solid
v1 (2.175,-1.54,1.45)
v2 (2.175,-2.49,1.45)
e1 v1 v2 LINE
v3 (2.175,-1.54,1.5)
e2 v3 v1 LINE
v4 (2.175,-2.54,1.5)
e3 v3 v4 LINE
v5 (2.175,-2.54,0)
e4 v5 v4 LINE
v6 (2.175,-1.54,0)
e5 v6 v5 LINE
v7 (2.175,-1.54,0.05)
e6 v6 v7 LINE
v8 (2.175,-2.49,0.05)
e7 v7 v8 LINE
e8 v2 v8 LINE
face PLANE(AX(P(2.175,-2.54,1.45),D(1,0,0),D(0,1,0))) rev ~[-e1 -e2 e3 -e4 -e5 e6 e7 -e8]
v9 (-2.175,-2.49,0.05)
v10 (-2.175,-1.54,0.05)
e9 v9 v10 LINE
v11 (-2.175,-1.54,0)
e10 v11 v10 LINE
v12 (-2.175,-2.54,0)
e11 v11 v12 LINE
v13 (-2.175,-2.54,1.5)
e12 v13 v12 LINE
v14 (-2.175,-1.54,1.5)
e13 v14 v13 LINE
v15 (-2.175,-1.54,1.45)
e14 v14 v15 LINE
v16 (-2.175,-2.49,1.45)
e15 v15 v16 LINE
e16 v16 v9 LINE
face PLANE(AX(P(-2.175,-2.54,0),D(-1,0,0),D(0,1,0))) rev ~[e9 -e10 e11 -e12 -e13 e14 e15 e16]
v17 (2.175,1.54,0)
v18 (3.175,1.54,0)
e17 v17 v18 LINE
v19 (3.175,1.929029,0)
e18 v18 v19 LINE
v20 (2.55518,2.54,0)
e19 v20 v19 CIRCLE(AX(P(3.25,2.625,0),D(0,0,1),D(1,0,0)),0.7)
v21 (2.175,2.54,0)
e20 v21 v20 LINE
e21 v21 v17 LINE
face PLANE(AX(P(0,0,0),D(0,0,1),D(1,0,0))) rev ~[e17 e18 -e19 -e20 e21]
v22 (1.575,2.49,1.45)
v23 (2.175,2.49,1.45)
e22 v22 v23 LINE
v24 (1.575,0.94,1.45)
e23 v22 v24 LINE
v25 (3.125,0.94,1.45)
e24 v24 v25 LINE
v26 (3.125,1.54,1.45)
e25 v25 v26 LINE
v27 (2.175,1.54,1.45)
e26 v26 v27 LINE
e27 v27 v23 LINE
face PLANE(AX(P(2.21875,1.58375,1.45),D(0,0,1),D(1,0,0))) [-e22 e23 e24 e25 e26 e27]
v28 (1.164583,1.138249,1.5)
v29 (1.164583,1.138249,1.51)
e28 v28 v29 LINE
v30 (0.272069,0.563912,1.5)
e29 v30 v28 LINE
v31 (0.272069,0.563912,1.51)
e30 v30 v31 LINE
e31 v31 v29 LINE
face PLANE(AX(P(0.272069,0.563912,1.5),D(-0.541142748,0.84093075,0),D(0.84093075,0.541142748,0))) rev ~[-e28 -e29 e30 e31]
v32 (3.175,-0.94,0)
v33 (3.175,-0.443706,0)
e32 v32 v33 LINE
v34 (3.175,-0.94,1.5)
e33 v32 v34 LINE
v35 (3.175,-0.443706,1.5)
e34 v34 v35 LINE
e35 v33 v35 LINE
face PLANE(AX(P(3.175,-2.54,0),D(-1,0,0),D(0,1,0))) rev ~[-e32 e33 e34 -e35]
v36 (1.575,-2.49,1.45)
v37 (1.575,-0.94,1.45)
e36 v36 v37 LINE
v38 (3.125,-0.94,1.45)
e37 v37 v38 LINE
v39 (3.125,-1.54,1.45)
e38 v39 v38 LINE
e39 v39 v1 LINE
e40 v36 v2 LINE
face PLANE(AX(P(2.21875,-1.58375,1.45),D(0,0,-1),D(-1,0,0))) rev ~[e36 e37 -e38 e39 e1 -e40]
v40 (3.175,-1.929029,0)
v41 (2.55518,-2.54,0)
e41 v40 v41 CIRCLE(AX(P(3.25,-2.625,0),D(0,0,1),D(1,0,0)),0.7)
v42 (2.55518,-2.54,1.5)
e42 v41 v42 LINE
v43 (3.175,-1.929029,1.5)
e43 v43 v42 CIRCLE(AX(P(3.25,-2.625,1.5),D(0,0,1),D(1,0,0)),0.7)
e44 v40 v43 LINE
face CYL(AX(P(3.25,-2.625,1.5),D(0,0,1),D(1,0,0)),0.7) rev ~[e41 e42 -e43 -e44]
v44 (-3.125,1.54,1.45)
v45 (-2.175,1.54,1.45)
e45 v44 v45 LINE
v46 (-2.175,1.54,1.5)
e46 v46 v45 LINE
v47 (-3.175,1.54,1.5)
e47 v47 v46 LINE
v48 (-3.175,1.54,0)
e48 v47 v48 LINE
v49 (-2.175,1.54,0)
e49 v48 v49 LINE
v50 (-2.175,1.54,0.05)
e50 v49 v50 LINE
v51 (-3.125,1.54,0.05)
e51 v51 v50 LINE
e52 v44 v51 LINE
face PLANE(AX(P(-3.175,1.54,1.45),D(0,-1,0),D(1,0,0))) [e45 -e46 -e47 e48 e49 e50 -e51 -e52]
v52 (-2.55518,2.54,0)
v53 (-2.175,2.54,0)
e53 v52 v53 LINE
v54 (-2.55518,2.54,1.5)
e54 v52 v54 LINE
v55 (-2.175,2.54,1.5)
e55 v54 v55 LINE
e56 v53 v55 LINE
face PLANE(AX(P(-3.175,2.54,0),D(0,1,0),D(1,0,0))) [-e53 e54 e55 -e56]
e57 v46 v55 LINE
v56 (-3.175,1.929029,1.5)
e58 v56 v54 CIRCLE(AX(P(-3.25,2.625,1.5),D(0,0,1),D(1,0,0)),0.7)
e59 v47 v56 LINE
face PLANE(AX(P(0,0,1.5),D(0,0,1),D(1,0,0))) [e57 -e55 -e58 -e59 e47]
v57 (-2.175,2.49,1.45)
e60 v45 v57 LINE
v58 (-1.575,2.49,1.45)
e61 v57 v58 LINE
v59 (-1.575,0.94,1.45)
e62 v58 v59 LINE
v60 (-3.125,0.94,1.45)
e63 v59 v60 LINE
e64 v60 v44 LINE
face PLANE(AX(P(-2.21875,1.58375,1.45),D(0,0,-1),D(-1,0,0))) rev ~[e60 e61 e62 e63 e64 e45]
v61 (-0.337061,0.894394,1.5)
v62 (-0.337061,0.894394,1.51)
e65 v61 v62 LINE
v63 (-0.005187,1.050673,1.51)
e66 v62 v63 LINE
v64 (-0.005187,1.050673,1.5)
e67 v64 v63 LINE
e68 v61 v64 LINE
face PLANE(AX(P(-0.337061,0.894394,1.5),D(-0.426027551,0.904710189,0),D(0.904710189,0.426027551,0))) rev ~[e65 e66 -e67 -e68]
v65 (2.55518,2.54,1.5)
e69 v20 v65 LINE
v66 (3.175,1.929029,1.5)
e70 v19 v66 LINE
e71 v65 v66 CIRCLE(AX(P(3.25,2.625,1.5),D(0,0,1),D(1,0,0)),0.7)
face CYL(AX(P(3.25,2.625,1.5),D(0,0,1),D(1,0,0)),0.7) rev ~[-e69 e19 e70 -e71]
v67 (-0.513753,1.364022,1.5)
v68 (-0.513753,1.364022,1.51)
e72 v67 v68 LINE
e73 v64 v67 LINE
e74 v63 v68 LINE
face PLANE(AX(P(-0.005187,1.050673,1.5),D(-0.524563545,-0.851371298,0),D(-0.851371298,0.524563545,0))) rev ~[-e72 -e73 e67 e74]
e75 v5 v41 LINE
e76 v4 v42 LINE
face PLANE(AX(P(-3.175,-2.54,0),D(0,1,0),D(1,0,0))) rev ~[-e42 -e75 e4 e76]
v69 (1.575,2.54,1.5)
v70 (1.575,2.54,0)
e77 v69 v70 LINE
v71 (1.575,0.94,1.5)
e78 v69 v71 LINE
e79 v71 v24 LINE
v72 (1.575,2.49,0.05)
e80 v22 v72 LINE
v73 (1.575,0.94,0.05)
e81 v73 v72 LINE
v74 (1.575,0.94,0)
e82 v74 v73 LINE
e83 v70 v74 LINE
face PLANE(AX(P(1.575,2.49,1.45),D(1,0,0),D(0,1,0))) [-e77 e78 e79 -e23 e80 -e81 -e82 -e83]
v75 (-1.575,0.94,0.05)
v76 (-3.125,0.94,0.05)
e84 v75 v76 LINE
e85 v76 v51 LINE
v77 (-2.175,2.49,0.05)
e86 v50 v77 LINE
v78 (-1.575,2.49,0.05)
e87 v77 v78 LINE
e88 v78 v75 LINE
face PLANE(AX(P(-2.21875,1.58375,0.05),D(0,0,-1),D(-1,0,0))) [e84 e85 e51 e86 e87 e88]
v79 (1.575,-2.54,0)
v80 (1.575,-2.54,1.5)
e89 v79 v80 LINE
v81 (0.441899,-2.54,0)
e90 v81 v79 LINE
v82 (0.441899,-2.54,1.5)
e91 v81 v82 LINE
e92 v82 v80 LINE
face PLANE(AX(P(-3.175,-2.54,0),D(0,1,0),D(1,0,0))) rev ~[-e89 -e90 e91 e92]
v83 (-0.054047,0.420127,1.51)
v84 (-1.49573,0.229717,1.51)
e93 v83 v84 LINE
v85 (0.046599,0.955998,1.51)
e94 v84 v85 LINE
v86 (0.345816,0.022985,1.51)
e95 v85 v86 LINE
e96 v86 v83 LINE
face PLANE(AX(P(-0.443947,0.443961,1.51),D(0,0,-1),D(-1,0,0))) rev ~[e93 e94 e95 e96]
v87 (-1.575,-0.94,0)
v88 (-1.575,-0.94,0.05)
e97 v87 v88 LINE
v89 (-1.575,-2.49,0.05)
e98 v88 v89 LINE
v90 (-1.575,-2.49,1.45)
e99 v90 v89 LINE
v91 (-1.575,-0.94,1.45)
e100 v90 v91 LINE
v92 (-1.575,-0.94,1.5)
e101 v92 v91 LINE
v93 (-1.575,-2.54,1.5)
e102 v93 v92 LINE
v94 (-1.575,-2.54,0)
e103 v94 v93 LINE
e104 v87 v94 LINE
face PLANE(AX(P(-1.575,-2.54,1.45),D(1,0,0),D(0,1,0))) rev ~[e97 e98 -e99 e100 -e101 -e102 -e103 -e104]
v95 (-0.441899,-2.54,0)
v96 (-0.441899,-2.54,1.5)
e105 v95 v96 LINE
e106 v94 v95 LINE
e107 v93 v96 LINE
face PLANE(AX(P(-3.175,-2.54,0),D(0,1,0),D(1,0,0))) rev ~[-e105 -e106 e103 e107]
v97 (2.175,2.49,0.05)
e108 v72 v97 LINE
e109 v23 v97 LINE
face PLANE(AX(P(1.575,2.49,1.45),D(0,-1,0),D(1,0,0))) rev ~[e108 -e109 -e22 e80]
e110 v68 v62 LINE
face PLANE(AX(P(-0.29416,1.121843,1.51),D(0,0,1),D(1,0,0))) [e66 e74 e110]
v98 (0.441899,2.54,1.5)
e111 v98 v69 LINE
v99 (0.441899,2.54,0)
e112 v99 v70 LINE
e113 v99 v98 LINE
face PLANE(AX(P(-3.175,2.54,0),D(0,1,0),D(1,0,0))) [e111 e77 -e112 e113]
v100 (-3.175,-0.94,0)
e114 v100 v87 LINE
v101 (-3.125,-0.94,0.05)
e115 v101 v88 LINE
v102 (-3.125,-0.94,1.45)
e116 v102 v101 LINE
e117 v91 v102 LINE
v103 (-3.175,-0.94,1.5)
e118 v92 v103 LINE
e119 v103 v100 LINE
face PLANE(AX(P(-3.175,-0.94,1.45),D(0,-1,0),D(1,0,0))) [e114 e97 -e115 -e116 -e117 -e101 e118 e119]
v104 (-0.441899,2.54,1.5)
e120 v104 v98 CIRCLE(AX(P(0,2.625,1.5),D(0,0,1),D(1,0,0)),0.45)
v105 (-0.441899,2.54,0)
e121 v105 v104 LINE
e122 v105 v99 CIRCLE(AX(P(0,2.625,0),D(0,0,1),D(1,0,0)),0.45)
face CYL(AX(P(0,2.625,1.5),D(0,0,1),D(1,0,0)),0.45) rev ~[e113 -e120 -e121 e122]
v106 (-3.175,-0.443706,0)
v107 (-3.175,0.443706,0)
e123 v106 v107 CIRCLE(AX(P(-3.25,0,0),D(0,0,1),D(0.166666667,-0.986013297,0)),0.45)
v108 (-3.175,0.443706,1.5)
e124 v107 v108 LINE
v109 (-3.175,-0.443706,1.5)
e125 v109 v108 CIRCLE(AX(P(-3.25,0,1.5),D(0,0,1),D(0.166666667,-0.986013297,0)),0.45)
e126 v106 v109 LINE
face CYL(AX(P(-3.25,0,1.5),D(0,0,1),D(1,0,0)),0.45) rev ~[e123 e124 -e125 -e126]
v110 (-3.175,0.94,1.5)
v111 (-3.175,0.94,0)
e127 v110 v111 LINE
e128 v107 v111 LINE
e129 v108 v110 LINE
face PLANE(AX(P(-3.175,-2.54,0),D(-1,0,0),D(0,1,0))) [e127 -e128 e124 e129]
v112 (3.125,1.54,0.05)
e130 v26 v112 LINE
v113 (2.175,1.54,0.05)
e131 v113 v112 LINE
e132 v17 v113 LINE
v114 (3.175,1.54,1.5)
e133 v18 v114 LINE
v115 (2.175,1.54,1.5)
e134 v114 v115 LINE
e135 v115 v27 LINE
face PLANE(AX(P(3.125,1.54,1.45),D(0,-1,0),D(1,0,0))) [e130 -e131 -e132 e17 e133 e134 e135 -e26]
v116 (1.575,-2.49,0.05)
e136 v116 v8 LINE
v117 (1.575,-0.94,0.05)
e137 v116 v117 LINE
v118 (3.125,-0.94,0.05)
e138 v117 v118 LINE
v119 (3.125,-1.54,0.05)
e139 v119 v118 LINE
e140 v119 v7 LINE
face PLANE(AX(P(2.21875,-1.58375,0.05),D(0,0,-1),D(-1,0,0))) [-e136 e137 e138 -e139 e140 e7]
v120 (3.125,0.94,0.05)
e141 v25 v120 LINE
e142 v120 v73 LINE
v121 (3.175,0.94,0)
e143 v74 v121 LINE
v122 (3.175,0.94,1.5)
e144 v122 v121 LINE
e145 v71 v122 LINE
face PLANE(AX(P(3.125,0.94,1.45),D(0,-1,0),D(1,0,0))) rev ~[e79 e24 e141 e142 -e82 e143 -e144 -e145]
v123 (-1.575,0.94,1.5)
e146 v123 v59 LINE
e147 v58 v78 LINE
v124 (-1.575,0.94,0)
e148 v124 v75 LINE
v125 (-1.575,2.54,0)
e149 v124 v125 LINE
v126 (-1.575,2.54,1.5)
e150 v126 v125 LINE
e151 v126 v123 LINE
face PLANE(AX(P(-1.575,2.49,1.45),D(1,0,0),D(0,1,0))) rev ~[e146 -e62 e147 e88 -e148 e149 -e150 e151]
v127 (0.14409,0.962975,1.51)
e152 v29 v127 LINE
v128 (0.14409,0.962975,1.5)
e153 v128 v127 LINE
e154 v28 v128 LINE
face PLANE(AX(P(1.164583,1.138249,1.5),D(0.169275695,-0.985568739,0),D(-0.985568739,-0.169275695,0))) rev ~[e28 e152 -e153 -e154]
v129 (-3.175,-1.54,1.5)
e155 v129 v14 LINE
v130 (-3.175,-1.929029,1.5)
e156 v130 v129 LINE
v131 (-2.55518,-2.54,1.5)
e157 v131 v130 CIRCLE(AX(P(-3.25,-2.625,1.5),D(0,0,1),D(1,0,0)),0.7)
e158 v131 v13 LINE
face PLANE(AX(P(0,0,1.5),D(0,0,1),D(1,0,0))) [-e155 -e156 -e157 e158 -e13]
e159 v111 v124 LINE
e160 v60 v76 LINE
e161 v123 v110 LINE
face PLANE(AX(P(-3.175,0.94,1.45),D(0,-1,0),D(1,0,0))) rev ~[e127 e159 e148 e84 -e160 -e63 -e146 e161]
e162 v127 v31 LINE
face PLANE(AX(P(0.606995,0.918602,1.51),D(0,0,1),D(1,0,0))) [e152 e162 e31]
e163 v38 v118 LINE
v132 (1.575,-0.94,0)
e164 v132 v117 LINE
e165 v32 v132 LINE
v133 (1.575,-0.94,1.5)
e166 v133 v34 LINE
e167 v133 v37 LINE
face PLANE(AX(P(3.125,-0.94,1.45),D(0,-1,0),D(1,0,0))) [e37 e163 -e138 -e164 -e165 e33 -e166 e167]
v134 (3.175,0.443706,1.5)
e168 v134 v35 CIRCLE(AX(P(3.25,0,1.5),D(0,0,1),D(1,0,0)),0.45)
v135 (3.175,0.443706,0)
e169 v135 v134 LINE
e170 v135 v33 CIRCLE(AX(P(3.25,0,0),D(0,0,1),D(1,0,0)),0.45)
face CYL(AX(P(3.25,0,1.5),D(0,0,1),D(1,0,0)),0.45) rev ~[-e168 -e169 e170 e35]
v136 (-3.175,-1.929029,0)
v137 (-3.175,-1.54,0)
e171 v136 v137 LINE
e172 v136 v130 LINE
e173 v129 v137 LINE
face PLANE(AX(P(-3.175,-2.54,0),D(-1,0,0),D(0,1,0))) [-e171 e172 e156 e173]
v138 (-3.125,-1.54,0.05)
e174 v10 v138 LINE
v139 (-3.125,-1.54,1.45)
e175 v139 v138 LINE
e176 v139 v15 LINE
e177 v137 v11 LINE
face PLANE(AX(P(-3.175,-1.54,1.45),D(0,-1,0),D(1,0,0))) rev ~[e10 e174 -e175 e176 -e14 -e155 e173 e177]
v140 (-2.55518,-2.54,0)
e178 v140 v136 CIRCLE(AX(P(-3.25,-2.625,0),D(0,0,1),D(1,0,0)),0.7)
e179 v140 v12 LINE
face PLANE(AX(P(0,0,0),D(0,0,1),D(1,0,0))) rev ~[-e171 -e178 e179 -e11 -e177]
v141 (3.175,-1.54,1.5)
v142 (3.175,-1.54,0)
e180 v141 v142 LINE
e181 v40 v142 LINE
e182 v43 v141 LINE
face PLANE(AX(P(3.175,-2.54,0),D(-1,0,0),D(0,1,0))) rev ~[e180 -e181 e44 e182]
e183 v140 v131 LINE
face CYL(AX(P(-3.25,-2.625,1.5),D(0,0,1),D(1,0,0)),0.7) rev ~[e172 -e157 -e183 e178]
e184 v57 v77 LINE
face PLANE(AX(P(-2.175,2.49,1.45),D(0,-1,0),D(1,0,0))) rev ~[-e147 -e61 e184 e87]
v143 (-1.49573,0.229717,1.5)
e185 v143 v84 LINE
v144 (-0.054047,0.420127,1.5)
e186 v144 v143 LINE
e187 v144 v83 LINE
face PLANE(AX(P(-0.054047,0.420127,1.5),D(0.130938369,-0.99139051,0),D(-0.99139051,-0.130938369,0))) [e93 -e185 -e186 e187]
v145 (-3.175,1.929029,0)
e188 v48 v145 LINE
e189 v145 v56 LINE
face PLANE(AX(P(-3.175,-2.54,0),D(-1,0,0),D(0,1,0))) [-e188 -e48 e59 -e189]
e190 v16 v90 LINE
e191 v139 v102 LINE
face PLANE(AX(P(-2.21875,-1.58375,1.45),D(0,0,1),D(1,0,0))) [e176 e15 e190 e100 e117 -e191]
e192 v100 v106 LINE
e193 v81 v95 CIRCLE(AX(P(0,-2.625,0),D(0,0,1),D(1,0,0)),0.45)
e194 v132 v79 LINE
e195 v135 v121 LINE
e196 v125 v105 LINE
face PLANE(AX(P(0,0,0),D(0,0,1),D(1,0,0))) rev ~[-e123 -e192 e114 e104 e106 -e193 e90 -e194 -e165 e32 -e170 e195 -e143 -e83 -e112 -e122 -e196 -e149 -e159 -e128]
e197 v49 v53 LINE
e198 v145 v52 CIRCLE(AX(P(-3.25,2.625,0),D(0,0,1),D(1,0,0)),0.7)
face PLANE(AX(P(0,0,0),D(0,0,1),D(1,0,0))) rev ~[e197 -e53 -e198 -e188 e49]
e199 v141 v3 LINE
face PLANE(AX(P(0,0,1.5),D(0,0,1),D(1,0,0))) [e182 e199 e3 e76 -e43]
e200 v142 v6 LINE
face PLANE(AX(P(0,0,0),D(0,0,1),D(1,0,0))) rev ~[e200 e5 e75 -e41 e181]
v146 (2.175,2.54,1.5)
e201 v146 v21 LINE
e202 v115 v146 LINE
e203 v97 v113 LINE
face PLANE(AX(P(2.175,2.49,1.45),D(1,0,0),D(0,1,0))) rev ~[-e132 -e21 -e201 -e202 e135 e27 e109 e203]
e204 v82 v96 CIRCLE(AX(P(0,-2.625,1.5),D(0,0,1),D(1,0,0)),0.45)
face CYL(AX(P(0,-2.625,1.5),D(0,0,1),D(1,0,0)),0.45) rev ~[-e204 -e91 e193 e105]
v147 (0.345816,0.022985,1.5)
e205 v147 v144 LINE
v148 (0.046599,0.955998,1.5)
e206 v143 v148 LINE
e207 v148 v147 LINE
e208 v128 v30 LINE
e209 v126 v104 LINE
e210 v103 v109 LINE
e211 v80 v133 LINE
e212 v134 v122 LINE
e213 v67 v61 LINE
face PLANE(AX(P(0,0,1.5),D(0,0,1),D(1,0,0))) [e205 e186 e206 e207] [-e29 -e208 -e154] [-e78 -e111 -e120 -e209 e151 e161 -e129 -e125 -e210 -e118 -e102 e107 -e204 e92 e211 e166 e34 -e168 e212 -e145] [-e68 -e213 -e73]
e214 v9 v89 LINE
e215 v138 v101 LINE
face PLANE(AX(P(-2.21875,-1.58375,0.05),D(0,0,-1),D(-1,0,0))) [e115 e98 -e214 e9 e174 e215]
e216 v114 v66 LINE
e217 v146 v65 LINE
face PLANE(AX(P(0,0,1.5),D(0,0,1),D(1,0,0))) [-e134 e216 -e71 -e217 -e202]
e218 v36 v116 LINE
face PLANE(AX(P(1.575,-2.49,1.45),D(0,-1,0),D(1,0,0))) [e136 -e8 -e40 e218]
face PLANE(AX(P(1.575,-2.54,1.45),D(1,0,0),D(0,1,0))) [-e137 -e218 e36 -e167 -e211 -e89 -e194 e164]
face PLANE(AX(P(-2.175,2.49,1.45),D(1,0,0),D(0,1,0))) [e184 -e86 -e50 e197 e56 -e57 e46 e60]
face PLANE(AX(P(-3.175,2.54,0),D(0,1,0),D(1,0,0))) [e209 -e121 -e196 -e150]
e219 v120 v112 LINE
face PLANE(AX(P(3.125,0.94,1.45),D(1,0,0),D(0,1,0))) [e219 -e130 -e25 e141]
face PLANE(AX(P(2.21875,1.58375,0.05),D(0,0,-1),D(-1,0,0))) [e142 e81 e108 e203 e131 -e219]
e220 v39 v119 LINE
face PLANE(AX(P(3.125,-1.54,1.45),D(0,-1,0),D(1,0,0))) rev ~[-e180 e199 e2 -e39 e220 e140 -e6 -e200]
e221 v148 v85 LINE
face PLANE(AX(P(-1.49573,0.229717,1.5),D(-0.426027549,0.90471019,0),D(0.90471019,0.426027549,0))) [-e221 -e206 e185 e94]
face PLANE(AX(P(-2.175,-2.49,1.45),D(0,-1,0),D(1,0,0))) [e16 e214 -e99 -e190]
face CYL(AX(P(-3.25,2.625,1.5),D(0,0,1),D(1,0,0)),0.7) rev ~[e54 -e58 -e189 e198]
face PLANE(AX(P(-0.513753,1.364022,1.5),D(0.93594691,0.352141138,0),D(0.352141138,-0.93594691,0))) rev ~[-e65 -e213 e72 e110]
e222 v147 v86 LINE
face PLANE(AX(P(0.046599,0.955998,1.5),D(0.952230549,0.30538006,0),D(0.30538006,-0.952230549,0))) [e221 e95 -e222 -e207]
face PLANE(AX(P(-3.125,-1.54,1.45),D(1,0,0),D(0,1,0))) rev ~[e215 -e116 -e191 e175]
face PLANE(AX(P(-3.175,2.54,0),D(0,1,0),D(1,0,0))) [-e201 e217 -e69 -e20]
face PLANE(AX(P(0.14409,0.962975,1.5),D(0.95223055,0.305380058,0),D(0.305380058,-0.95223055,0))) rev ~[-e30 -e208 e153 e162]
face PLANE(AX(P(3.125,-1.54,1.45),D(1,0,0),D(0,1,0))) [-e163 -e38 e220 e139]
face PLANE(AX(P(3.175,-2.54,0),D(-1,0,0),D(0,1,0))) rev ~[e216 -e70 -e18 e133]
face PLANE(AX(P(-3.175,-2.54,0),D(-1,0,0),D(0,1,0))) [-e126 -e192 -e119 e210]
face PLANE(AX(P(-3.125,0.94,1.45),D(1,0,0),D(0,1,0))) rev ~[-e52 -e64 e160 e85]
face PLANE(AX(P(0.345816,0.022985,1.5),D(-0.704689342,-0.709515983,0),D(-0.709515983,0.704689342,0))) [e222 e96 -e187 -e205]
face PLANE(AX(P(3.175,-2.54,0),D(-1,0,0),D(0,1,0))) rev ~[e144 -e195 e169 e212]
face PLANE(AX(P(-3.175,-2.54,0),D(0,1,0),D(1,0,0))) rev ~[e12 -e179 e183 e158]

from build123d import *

# Parameters (mm, degrees)
SKETCH1_W           = 6.35
SKETCH1_H           = 5.08
BOSS_EXTRUDE1_DEPTH = 1.5
SKETCH2_R           = 0.7
SKETCH2_R_2         = 0.45
CUT_EXTRUDE1_DEPTH  = 2.5
CUT_EXTRUDE2_DEPTH  = 0.05
BOSS_EXTRUDE2_DEPTH = 0.01
SKETCH5_W           = 0.05
SKETCH5_H           = 0.6
SKETCH5_W_2         = 0.6
SKETCH5_H_2         = 0.05
CUT_EXTRUDE3_DEPTH  = 2.45
CUT_EXTRUDE4_DEPTH  = 0.05


with BuildPart() as part:
    # Sketch1 → Boss-Extrude1 (new body)
    with BuildSketch(Plane.XY):
        Rectangle(SKETCH1_W, SKETCH1_H)
    extrude(amount=BOSS_EXTRUDE1_DEPTH)

    # Sketch2 → Cut-Extrude1 (cut, through all)
    with BuildSketch(Plane.XY.offset(1.5)):
        with Locations((-3.25, 2.625)):
            Circle(SKETCH2_R)
        with Locations((3.25, 2.625)):
            Circle(SKETCH2_R)
        with Locations((3.25, -2.625)):
            Circle(SKETCH2_R)
        with Locations((-3.25, -2.625)):
            Circle(SKETCH2_R)
        with Locations((0, 2.625)):
            Circle(SKETCH2_R_2)
        with Locations((0, -2.625)):
            Circle(SKETCH2_R_2)
        with Locations((-3.25, 0)):
            Circle(SKETCH2_R_2)
        with Locations((3.25, 0)):
            Circle(SKETCH2_R_2)
    extrude(amount=-CUT_EXTRUDE1_DEPTH, mode=Mode.SUBTRACT)

    # Sketch3 → Cut-Extrude2 (cut)
    with BuildSketch(Plane.XY.offset(1.5)):
        Polygon((-3.175, 1.54), (-2.175, 1.54), (-2.175, 2.54), (-1.575, 2.54), (-1.575, 0.94), (-3.175, 0.94), align=None)
        Polygon((-1.575, -0.94), (-3.175, -0.94), (-3.175, -1.54), (-2.175, -1.54), (-2.175, -2.54), (-1.575, -2.54), align=None)
        Polygon((1.575, -2.54), (1.575, -0.94), (3.175, -0.94), (3.175, -1.54), (2.175, -1.54), (2.175, -2.54), align=None)
        Polygon((1.575, 0.94), (3.175, 0.94), (3.175, 1.54), (2.175, 1.54), (2.175, 2.54), (1.575, 2.54), align=None)
    extrude(amount=-CUT_EXTRUDE2_DEPTH, mode=Mode.SUBTRACT)

    # Sketch4 → Boss-Extrude2 (add)
    with BuildSketch(Plane.XY.offset(1.5)):
        Polygon((-1.495729798, 0.229716512), (0.04659868, 0.955998176), (0.345815845, 0.022984653), (-0.054047094, 0.420127435), align=None)
        Polygon((-0.337060629, 0.894394217), (-0.0051867, 1.050673475), (-0.513753466, 1.364021583), align=None)
        Polygon((0.144089984, 0.962974572), (0.272069208, 0.563912081), (1.164582814, 1.138248631), align=None)
    extrude(amount=BOSS_EXTRUDE2_DEPTH)

    # Sketch5 → Cut-Extrude3 (cut, through all)
    with BuildSketch(Plane.XY.offset(1.45)):
        with Locations((-3.15, 1.24)):
            Rectangle(SKETCH5_W, SKETCH5_H)
        with Locations((-1.875, 2.515)):
            Rectangle(SKETCH5_W_2, SKETCH5_H_2)
        with Locations((1.875, 2.515)):
            Rectangle(SKETCH5_W_2, SKETCH5_H_2)
        with Locations((3.15, 1.24)):
            Rectangle(SKETCH5_W, SKETCH5_H)
        with Locations((3.15, -1.24)):
            Rectangle(SKETCH5_W, SKETCH5_H)
        with Locations((1.875, -2.515)):
            Rectangle(SKETCH5_W_2, SKETCH5_H_2)
        with Locations((-1.875, -2.515)):
            Rectangle(SKETCH5_W_2, SKETCH5_H_2)
        with Locations((-3.15, -1.24)):
            Rectangle(SKETCH5_W, SKETCH5_H)
    extrude(amount=-CUT_EXTRUDE3_DEPTH, mode=Mode.SUBTRACT)

    # Sketch6 → Cut-Extrude4 (cut)
    with BuildSketch(Plane(origin=(0, 0, 0), x_dir=(-1, 0, 0), z_dir=(0, 0, -1))):
        Polygon((3.175, 1.54), (2.175, 1.54), (2.175, 2.54), (1.575, 2.54), (1.575, 0.94), (3.175, 0.94), align=None)
        Polygon((-3.175, 0.94), (-1.575, 0.94), (-1.575, 2.54), (-2.175, 2.54), (-2.175, 1.54), (-3.175, 1.54), align=None)
        Polygon((-1.575, -2.54), (-1.575, -0.94), (-3.175, -0.94), (-3.175, -1.54), (-2.175, -1.54), (-2.175, -2.54), align=None)
        Polygon((1.575, -2.54), (2.175, -2.54), (2.175, -1.54), (3.175, -1.54), (3.175, -0.94), (1.575, -0.94), align=None)
    extrude(amount=-CUT_EXTRUDE4_DEPTH, mode=Mode.SUBTRACT)


solid = part.part
